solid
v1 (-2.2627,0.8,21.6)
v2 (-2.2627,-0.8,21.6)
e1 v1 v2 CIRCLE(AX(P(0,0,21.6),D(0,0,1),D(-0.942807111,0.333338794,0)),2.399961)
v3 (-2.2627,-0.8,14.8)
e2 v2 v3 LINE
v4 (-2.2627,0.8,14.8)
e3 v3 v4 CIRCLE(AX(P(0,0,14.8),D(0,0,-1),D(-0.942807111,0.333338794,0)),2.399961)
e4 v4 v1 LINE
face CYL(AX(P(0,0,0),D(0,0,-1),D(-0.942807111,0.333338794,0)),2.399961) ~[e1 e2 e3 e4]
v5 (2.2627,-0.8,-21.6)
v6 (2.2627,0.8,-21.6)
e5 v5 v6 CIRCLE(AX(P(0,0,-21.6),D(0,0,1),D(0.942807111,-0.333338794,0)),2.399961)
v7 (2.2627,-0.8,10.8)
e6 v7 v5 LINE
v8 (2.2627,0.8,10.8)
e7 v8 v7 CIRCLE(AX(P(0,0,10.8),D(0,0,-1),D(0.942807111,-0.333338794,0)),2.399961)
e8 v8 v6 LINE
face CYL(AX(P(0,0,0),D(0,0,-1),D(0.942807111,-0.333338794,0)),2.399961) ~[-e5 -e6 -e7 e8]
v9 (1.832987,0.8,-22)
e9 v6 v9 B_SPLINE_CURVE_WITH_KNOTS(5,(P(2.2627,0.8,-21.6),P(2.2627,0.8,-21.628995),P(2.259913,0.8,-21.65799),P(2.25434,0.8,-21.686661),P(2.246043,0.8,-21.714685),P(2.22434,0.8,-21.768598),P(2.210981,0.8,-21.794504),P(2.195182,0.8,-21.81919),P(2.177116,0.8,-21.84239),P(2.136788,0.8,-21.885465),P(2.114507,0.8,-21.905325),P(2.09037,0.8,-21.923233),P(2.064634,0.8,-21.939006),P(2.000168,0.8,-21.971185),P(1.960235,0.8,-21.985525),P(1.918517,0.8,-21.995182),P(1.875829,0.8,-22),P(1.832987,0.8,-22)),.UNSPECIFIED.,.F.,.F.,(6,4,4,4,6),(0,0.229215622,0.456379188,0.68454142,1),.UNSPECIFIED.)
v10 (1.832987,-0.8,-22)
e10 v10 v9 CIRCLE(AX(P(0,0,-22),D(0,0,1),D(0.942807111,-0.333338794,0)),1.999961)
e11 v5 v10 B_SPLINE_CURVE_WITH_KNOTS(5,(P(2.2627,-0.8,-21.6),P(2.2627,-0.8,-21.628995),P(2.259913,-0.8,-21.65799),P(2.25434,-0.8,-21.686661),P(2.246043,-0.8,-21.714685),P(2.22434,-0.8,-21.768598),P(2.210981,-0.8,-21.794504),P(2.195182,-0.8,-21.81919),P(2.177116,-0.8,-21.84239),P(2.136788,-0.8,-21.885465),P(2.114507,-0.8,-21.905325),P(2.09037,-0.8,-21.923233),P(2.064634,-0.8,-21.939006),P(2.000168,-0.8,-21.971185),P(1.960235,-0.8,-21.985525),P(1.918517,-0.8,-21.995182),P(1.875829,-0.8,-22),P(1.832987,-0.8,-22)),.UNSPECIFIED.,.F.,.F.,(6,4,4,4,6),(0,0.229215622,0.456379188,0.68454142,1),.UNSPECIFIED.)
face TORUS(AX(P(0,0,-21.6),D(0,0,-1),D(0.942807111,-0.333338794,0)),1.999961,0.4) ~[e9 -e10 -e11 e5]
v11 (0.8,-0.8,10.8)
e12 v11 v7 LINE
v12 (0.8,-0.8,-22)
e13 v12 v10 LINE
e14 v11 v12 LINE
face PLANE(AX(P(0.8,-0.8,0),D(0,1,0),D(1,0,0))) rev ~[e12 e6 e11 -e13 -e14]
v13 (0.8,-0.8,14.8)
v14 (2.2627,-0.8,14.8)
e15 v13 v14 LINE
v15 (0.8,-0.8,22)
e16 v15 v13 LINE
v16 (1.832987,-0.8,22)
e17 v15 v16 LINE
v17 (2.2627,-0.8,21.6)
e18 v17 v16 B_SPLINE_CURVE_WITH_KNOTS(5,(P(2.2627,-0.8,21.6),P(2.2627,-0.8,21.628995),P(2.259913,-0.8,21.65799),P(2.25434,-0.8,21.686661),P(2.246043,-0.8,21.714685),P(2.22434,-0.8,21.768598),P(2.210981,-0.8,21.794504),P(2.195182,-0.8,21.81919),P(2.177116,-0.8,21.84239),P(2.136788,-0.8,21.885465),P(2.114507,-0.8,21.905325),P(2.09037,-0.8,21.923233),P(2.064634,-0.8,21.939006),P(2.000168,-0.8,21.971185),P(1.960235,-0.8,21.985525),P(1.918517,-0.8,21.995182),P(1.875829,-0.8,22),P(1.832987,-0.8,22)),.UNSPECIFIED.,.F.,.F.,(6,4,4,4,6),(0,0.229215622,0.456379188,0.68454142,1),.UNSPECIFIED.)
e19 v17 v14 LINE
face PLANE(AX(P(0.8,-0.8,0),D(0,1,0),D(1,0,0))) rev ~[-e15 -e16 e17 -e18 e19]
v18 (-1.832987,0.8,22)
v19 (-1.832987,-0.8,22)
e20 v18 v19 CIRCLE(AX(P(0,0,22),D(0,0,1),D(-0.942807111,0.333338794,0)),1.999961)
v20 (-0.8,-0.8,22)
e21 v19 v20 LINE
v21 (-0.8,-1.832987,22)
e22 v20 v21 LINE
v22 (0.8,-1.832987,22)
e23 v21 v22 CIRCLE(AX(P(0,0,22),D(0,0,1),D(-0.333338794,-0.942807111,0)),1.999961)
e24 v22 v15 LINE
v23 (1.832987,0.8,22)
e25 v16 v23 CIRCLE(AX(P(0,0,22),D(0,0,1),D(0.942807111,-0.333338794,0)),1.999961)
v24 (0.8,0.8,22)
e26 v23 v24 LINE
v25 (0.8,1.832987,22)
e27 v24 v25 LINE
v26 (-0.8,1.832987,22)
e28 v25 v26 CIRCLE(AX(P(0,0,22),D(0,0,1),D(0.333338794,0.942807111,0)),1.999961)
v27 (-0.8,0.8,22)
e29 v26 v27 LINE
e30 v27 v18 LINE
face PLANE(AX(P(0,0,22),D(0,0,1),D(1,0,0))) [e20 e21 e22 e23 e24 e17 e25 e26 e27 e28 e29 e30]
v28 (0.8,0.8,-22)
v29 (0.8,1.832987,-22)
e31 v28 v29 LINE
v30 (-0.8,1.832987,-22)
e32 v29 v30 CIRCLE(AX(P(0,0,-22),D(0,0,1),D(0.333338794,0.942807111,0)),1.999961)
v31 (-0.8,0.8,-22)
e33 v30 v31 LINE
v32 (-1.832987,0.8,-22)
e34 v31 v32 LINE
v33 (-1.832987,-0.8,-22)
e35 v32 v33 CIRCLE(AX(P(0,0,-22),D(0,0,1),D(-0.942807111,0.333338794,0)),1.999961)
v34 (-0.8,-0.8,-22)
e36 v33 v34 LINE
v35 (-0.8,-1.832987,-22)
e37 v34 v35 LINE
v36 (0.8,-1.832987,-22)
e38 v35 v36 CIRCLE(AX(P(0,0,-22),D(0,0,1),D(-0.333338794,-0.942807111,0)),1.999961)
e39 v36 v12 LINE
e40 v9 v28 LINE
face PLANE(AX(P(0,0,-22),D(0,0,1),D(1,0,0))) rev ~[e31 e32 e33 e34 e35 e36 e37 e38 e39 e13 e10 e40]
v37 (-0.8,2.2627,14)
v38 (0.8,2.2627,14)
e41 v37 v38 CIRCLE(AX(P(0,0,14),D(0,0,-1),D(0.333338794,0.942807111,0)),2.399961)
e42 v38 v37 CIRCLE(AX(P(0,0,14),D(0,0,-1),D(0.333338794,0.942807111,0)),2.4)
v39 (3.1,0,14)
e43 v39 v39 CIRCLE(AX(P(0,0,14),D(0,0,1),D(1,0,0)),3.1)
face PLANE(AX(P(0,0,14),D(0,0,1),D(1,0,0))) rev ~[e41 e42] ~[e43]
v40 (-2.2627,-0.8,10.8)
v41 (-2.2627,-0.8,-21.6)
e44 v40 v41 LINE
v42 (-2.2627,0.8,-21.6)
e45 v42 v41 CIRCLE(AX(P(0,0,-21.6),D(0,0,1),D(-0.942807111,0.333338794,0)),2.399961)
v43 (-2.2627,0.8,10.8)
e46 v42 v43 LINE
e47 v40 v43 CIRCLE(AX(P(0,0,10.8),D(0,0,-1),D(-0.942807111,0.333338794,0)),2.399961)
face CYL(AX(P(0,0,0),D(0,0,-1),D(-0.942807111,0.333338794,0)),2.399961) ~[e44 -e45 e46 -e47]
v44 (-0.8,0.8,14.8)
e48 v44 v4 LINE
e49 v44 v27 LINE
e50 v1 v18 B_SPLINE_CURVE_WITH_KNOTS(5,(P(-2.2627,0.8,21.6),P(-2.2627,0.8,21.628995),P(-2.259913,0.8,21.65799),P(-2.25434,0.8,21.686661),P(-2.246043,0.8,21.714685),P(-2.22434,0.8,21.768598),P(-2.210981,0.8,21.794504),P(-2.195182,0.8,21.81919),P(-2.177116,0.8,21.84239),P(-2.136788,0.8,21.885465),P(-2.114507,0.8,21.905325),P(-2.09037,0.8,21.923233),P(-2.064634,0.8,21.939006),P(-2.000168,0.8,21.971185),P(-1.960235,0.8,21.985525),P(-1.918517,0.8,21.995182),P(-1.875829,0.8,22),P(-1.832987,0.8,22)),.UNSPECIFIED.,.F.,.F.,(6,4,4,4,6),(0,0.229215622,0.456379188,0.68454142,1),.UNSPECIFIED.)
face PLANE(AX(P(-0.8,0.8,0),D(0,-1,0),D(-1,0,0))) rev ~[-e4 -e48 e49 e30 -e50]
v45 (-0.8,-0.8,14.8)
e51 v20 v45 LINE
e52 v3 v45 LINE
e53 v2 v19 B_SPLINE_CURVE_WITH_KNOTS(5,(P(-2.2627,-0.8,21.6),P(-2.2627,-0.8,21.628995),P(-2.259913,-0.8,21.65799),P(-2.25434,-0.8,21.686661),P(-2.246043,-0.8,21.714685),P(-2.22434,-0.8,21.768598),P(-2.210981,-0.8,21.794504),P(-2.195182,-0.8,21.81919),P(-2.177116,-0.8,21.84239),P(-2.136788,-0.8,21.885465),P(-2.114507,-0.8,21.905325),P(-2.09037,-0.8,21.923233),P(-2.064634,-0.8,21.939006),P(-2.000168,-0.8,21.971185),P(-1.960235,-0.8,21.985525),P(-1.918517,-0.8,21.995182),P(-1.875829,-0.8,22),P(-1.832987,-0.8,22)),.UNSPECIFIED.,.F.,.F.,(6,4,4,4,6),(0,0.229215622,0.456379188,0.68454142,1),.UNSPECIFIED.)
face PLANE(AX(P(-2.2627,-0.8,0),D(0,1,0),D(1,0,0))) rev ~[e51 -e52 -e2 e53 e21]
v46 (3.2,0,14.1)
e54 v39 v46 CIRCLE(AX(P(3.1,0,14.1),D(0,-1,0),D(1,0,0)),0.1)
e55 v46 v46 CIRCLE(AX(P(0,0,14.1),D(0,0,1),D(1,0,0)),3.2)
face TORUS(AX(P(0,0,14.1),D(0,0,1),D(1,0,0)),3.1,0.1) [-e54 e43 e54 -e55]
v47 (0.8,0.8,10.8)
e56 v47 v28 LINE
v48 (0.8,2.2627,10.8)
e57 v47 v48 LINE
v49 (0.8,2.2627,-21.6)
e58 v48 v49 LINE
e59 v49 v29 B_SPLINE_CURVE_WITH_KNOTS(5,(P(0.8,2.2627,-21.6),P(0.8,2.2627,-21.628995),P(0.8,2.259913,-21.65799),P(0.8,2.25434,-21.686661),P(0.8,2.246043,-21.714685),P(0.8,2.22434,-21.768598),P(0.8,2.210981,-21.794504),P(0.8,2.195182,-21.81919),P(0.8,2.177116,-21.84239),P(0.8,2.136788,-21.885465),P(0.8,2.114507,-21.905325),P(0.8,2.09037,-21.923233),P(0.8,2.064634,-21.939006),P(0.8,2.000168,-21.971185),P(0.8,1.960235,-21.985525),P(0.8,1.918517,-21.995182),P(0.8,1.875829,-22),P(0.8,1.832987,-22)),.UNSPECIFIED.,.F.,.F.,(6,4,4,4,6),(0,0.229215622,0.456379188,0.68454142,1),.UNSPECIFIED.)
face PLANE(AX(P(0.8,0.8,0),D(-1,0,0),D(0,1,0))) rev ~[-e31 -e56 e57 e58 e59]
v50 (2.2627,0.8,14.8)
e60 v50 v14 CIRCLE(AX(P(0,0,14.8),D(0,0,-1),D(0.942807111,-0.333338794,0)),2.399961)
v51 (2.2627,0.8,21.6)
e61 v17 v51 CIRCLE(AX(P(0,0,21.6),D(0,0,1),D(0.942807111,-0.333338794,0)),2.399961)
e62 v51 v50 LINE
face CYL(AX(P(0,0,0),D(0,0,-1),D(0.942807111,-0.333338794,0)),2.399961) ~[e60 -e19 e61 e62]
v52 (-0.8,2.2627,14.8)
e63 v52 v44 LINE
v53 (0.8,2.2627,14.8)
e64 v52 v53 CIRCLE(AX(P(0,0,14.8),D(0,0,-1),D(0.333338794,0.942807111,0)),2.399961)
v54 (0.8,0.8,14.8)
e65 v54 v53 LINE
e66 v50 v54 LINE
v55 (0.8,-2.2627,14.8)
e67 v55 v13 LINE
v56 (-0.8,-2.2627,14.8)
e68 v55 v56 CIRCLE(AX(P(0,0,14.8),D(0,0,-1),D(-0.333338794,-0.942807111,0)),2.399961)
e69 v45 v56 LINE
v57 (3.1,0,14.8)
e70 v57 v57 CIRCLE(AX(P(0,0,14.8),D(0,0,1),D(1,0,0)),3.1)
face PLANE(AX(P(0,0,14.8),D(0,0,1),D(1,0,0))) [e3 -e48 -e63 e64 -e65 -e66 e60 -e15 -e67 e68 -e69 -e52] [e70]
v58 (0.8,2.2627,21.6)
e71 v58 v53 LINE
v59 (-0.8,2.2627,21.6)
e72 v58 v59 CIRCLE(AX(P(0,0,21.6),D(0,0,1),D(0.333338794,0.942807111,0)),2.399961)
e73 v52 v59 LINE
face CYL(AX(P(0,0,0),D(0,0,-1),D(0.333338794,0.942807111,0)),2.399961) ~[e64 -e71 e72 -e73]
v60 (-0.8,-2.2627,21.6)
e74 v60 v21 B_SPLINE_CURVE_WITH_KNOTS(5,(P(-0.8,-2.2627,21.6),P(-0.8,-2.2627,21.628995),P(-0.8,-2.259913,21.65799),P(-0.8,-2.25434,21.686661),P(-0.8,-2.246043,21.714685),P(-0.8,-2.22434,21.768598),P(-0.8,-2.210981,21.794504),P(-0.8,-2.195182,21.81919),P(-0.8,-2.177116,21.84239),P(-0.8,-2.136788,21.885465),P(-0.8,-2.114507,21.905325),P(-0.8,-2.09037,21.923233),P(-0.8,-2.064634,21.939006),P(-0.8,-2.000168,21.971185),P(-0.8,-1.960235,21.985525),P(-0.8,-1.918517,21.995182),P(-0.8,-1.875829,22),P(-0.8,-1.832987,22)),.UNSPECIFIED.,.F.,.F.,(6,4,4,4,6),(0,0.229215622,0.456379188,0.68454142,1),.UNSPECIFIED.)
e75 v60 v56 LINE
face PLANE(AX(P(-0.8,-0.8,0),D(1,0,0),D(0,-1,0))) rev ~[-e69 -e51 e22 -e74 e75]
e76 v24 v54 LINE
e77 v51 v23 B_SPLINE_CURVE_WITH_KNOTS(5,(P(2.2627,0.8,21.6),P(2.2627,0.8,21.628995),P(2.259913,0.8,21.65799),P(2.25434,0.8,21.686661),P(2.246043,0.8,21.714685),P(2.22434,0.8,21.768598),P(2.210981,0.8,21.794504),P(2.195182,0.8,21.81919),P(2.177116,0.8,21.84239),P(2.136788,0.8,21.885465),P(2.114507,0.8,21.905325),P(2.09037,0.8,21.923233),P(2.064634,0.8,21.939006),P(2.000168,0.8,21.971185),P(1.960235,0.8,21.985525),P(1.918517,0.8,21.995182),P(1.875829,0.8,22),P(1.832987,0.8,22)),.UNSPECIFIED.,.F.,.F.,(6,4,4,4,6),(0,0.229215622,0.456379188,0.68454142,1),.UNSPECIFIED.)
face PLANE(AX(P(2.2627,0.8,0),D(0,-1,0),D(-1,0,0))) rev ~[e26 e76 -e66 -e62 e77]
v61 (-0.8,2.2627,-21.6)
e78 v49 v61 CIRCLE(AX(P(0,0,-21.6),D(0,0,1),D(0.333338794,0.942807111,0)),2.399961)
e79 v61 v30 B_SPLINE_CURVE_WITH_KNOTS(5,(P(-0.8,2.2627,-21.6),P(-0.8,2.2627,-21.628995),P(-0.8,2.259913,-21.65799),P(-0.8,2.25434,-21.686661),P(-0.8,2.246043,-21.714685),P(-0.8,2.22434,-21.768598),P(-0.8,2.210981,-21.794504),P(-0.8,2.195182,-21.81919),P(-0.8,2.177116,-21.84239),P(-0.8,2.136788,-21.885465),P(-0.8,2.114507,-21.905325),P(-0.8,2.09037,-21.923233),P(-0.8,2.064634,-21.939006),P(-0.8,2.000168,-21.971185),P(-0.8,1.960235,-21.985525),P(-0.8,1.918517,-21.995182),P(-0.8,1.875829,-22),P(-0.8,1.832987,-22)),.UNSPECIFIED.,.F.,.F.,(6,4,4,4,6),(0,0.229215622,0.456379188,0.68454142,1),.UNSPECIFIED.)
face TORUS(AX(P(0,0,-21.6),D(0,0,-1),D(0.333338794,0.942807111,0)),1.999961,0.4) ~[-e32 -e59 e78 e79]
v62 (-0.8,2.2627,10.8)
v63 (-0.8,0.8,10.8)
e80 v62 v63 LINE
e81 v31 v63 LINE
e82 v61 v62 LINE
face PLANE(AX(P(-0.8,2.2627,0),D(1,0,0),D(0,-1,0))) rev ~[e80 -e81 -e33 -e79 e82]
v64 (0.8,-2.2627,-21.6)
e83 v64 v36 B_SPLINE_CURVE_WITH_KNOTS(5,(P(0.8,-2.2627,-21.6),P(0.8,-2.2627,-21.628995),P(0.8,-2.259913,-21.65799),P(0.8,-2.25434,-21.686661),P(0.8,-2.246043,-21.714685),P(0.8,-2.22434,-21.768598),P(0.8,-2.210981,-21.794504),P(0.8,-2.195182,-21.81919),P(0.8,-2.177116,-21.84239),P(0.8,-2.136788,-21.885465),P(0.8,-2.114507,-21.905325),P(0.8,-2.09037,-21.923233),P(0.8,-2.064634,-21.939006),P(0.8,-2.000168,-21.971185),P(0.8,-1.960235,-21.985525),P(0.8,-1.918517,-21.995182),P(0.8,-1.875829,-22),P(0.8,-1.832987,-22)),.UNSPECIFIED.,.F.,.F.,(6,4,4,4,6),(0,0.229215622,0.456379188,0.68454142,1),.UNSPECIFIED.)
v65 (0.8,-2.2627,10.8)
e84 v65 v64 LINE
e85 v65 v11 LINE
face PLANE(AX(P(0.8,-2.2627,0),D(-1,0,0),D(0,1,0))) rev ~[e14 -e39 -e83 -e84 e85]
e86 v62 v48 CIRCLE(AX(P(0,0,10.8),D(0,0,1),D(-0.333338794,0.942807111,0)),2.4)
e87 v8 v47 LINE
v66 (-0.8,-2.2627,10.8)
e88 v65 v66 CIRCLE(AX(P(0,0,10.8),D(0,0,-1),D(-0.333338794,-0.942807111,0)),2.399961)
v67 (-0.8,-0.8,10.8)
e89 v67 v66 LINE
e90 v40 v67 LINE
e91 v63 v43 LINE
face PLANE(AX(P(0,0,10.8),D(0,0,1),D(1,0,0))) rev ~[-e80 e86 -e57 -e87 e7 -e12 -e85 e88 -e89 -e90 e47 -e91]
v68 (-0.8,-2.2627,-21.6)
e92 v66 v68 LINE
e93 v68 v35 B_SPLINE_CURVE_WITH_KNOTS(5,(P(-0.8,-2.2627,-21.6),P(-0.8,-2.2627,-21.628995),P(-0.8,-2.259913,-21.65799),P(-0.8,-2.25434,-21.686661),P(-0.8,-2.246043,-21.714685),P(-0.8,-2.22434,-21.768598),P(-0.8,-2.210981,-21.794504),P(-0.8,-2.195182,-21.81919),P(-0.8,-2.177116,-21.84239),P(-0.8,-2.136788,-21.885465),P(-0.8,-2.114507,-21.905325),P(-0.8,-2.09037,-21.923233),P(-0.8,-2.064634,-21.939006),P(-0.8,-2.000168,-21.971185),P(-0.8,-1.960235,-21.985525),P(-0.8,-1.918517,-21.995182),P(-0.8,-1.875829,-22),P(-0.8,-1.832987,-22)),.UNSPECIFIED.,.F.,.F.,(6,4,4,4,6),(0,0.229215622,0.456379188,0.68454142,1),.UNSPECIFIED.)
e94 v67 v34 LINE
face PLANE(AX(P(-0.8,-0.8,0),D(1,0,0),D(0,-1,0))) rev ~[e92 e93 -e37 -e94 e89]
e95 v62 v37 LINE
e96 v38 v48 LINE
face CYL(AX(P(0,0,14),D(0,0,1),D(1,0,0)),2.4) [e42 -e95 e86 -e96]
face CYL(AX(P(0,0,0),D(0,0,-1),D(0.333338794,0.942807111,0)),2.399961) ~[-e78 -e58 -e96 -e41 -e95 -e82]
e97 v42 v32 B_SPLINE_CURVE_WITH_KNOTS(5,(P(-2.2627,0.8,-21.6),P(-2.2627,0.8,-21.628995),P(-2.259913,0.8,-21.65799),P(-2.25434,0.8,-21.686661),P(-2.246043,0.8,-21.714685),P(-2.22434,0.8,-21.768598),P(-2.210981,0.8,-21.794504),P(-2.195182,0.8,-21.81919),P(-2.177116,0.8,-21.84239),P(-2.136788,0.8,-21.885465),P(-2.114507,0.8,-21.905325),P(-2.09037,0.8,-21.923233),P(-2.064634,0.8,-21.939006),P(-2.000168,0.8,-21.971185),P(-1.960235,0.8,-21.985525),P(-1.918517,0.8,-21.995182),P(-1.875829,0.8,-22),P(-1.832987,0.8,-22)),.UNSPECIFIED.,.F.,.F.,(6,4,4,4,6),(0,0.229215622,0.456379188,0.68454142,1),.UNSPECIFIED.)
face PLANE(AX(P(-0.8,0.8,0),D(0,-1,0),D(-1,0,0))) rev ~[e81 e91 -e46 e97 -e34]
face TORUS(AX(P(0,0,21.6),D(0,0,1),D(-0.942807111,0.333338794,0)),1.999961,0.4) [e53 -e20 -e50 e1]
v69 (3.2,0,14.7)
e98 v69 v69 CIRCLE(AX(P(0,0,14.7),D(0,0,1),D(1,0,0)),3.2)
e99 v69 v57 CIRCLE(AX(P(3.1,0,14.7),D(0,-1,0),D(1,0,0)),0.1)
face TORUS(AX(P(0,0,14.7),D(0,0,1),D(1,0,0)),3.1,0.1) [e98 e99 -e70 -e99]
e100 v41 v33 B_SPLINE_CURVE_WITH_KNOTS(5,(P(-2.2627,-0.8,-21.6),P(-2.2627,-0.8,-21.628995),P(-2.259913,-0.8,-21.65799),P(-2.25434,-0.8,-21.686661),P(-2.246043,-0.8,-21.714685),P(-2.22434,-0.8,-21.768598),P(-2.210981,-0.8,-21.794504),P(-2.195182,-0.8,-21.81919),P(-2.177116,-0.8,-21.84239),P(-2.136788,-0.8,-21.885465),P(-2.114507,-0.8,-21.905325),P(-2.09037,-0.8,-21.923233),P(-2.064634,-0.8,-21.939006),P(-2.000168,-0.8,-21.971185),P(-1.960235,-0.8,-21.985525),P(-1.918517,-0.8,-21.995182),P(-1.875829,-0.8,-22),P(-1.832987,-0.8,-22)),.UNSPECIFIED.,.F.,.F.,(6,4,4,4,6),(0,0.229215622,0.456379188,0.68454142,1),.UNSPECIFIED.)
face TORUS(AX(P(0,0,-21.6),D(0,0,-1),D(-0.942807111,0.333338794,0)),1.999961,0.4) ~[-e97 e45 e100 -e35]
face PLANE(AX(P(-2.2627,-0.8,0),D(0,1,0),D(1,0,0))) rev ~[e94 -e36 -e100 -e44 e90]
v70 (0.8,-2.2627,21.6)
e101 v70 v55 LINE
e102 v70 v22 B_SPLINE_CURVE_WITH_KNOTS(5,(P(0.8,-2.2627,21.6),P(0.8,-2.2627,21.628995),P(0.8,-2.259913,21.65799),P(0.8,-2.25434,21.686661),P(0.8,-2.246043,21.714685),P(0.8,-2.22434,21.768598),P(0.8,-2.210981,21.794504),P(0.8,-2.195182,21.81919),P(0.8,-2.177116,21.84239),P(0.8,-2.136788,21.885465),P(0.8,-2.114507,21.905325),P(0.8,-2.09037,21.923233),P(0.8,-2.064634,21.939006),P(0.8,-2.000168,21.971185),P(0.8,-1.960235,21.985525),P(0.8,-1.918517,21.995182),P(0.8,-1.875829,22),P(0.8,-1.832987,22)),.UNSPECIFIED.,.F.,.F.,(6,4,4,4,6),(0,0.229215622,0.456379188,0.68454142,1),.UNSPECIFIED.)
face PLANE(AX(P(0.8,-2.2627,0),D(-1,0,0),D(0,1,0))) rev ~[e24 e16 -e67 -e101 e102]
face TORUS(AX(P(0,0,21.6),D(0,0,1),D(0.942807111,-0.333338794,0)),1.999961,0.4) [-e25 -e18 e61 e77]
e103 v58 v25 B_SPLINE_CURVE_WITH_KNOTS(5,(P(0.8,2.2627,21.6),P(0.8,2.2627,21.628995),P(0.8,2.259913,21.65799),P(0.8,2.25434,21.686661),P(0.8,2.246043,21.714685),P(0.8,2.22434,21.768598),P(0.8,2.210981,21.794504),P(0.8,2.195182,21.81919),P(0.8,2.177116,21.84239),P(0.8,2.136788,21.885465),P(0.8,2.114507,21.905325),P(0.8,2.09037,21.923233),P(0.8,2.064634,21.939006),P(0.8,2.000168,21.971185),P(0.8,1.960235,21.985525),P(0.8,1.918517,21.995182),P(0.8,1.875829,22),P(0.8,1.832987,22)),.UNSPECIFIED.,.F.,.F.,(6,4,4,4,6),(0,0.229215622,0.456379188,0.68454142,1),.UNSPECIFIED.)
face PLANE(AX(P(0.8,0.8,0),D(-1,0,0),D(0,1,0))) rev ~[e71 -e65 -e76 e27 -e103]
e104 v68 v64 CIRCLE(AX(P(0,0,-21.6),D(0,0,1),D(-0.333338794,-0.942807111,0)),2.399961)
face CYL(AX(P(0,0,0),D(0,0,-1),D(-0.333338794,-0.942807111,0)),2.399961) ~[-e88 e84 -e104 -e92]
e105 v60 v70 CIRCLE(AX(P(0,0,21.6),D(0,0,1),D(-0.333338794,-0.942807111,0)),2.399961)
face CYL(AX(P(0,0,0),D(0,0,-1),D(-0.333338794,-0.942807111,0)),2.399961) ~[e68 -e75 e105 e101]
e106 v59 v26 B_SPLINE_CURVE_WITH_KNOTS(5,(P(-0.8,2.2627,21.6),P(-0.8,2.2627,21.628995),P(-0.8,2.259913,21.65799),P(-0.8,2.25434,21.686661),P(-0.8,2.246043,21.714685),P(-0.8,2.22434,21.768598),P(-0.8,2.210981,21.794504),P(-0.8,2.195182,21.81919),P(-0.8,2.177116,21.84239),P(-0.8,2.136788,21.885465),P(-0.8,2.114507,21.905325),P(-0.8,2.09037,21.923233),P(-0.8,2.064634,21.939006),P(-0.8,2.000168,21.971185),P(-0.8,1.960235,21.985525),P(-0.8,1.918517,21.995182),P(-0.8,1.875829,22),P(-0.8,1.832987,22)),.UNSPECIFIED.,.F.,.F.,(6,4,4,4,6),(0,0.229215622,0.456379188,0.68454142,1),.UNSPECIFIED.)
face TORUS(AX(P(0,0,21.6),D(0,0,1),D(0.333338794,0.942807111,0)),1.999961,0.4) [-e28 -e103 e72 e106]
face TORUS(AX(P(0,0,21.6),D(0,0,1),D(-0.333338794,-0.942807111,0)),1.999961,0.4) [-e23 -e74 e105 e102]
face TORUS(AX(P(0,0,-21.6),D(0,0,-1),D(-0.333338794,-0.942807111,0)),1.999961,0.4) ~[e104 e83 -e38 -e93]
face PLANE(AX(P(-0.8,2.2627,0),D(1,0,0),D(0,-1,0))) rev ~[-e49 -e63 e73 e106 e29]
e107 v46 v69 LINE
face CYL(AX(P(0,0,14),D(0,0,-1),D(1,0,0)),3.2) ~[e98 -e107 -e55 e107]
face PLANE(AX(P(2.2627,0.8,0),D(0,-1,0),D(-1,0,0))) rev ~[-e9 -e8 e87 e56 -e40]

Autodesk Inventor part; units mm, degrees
ref_plane "YZ Plane" through (0, 0, 0) normal (1, 0, 0) x (0, 1, 0)
ref_plane "XZ Plane" through (0, 0, 0) normal (0, 1, 0) x (-1, 0, 0)
sketch "Sketch1" plane through (0, 0, 0) normal (0, 0, 1) x (1, 0, 0)
  circle A0 centre (0, 0) radius 2.4 construction
  line L0 (-0.8, 2.2627) -> (-0.8, 0.8)
  line L1 (-0.8, 0.8) -> (-2.2627, 0.8)
  line L2 (-2.2627, -0.8) -> (-0.8, -0.8)
  line L3 (-0.8, -0.8) -> (-0.8, -2.2627)
  line L4 (0.8, -2.2627) -> (0.8, -0.8)
  line L5 (0.8, -0.8) -> (2.2627, -0.8)
  line L6 (2.2627, 0.8) -> (0.8, 0.8)
  line L7 (0.8, 0.8) -> (0.8, 2.2627)
  arc A1 (0.8, 2.2627) -> (-0.8, 2.2627) centre (0, 0) ccw
  arc A2 (-2.2627, 0.8) -> (-2.2627, -0.8) centre (0, 0) ccw
  arc A3 (-0.8, -2.2627) -> (0.8, -2.2627) centre (0, 0) ccw
  arc A4 (2.2627, -0.8) -> (2.2627, 0.8) centre (0, 0) ccw
  dimension "d0" = 4.8
  dimension "d1" = 1.6
extrude "Extrusion1" add sketch "Sketch1" along normal mid plane 44
ref_plane "Work Plane1" through (0, 0, 14) normal (0, 0, 1) x (1, 0, 0)
sketch "Sketch2" plane through (0, 0, 14) normal (0, 0, 1) x (1, 0, 0)
  circle A0 centre (0, 0) radius 3.2
  arc A1 (0.8, 2.2627) -> (-0.8, 2.2627) centre (0, 0) ccw projected
  circle A2 centre (0, 0) radius 2.4
  dimension "d8" = 6.4
extrude "Extrusion2" add sketch "Sketch2" along normal blind 0.8 contours A0 | A2 A1
extrude "Extrusion3" add sketch "Sketch2" against normal blind 3.2 contours A2 A1
fillet "Fillet1" radius 0.4 8 edges at (0, 2.4, 22) (-2.4, 0, 22) (0, -2.4, 22) (2.4, 0, 22) (2.4, 0, -22) (0, 2.4, -22) (-2.4, 0, -22) (0, -2.4, -22)
fillet "Fillet1" radius 0.1 2 edges at (-3.2, 0, 14.8) (-3.2, 0, 14)
equation "\"d0\" = kd"
equation "\"d1\" = axlet"
equation "\"d2\" = 5.5 * lu"
equation "\"d8\" = tsd"
equation "\"d9\" = tsl"
equation "\"d11\" = 0.5 * lu - tsl"
equation "\"d4\" = tf"
equation "\"d14\" = lf"
equation "\"kd\" = 4.8"
equation "\"axlet\" = 1.6"
equation "\"lu\" = 8"
equation "\"tsd\" = 6.4"
equation "\"tsl\" = 0.8"
equation "\"tf\" = 0.4"
equation "\"lf\" = 0.1"
properties part number "32209-DkBluishGray" material "ABS Plastic"
